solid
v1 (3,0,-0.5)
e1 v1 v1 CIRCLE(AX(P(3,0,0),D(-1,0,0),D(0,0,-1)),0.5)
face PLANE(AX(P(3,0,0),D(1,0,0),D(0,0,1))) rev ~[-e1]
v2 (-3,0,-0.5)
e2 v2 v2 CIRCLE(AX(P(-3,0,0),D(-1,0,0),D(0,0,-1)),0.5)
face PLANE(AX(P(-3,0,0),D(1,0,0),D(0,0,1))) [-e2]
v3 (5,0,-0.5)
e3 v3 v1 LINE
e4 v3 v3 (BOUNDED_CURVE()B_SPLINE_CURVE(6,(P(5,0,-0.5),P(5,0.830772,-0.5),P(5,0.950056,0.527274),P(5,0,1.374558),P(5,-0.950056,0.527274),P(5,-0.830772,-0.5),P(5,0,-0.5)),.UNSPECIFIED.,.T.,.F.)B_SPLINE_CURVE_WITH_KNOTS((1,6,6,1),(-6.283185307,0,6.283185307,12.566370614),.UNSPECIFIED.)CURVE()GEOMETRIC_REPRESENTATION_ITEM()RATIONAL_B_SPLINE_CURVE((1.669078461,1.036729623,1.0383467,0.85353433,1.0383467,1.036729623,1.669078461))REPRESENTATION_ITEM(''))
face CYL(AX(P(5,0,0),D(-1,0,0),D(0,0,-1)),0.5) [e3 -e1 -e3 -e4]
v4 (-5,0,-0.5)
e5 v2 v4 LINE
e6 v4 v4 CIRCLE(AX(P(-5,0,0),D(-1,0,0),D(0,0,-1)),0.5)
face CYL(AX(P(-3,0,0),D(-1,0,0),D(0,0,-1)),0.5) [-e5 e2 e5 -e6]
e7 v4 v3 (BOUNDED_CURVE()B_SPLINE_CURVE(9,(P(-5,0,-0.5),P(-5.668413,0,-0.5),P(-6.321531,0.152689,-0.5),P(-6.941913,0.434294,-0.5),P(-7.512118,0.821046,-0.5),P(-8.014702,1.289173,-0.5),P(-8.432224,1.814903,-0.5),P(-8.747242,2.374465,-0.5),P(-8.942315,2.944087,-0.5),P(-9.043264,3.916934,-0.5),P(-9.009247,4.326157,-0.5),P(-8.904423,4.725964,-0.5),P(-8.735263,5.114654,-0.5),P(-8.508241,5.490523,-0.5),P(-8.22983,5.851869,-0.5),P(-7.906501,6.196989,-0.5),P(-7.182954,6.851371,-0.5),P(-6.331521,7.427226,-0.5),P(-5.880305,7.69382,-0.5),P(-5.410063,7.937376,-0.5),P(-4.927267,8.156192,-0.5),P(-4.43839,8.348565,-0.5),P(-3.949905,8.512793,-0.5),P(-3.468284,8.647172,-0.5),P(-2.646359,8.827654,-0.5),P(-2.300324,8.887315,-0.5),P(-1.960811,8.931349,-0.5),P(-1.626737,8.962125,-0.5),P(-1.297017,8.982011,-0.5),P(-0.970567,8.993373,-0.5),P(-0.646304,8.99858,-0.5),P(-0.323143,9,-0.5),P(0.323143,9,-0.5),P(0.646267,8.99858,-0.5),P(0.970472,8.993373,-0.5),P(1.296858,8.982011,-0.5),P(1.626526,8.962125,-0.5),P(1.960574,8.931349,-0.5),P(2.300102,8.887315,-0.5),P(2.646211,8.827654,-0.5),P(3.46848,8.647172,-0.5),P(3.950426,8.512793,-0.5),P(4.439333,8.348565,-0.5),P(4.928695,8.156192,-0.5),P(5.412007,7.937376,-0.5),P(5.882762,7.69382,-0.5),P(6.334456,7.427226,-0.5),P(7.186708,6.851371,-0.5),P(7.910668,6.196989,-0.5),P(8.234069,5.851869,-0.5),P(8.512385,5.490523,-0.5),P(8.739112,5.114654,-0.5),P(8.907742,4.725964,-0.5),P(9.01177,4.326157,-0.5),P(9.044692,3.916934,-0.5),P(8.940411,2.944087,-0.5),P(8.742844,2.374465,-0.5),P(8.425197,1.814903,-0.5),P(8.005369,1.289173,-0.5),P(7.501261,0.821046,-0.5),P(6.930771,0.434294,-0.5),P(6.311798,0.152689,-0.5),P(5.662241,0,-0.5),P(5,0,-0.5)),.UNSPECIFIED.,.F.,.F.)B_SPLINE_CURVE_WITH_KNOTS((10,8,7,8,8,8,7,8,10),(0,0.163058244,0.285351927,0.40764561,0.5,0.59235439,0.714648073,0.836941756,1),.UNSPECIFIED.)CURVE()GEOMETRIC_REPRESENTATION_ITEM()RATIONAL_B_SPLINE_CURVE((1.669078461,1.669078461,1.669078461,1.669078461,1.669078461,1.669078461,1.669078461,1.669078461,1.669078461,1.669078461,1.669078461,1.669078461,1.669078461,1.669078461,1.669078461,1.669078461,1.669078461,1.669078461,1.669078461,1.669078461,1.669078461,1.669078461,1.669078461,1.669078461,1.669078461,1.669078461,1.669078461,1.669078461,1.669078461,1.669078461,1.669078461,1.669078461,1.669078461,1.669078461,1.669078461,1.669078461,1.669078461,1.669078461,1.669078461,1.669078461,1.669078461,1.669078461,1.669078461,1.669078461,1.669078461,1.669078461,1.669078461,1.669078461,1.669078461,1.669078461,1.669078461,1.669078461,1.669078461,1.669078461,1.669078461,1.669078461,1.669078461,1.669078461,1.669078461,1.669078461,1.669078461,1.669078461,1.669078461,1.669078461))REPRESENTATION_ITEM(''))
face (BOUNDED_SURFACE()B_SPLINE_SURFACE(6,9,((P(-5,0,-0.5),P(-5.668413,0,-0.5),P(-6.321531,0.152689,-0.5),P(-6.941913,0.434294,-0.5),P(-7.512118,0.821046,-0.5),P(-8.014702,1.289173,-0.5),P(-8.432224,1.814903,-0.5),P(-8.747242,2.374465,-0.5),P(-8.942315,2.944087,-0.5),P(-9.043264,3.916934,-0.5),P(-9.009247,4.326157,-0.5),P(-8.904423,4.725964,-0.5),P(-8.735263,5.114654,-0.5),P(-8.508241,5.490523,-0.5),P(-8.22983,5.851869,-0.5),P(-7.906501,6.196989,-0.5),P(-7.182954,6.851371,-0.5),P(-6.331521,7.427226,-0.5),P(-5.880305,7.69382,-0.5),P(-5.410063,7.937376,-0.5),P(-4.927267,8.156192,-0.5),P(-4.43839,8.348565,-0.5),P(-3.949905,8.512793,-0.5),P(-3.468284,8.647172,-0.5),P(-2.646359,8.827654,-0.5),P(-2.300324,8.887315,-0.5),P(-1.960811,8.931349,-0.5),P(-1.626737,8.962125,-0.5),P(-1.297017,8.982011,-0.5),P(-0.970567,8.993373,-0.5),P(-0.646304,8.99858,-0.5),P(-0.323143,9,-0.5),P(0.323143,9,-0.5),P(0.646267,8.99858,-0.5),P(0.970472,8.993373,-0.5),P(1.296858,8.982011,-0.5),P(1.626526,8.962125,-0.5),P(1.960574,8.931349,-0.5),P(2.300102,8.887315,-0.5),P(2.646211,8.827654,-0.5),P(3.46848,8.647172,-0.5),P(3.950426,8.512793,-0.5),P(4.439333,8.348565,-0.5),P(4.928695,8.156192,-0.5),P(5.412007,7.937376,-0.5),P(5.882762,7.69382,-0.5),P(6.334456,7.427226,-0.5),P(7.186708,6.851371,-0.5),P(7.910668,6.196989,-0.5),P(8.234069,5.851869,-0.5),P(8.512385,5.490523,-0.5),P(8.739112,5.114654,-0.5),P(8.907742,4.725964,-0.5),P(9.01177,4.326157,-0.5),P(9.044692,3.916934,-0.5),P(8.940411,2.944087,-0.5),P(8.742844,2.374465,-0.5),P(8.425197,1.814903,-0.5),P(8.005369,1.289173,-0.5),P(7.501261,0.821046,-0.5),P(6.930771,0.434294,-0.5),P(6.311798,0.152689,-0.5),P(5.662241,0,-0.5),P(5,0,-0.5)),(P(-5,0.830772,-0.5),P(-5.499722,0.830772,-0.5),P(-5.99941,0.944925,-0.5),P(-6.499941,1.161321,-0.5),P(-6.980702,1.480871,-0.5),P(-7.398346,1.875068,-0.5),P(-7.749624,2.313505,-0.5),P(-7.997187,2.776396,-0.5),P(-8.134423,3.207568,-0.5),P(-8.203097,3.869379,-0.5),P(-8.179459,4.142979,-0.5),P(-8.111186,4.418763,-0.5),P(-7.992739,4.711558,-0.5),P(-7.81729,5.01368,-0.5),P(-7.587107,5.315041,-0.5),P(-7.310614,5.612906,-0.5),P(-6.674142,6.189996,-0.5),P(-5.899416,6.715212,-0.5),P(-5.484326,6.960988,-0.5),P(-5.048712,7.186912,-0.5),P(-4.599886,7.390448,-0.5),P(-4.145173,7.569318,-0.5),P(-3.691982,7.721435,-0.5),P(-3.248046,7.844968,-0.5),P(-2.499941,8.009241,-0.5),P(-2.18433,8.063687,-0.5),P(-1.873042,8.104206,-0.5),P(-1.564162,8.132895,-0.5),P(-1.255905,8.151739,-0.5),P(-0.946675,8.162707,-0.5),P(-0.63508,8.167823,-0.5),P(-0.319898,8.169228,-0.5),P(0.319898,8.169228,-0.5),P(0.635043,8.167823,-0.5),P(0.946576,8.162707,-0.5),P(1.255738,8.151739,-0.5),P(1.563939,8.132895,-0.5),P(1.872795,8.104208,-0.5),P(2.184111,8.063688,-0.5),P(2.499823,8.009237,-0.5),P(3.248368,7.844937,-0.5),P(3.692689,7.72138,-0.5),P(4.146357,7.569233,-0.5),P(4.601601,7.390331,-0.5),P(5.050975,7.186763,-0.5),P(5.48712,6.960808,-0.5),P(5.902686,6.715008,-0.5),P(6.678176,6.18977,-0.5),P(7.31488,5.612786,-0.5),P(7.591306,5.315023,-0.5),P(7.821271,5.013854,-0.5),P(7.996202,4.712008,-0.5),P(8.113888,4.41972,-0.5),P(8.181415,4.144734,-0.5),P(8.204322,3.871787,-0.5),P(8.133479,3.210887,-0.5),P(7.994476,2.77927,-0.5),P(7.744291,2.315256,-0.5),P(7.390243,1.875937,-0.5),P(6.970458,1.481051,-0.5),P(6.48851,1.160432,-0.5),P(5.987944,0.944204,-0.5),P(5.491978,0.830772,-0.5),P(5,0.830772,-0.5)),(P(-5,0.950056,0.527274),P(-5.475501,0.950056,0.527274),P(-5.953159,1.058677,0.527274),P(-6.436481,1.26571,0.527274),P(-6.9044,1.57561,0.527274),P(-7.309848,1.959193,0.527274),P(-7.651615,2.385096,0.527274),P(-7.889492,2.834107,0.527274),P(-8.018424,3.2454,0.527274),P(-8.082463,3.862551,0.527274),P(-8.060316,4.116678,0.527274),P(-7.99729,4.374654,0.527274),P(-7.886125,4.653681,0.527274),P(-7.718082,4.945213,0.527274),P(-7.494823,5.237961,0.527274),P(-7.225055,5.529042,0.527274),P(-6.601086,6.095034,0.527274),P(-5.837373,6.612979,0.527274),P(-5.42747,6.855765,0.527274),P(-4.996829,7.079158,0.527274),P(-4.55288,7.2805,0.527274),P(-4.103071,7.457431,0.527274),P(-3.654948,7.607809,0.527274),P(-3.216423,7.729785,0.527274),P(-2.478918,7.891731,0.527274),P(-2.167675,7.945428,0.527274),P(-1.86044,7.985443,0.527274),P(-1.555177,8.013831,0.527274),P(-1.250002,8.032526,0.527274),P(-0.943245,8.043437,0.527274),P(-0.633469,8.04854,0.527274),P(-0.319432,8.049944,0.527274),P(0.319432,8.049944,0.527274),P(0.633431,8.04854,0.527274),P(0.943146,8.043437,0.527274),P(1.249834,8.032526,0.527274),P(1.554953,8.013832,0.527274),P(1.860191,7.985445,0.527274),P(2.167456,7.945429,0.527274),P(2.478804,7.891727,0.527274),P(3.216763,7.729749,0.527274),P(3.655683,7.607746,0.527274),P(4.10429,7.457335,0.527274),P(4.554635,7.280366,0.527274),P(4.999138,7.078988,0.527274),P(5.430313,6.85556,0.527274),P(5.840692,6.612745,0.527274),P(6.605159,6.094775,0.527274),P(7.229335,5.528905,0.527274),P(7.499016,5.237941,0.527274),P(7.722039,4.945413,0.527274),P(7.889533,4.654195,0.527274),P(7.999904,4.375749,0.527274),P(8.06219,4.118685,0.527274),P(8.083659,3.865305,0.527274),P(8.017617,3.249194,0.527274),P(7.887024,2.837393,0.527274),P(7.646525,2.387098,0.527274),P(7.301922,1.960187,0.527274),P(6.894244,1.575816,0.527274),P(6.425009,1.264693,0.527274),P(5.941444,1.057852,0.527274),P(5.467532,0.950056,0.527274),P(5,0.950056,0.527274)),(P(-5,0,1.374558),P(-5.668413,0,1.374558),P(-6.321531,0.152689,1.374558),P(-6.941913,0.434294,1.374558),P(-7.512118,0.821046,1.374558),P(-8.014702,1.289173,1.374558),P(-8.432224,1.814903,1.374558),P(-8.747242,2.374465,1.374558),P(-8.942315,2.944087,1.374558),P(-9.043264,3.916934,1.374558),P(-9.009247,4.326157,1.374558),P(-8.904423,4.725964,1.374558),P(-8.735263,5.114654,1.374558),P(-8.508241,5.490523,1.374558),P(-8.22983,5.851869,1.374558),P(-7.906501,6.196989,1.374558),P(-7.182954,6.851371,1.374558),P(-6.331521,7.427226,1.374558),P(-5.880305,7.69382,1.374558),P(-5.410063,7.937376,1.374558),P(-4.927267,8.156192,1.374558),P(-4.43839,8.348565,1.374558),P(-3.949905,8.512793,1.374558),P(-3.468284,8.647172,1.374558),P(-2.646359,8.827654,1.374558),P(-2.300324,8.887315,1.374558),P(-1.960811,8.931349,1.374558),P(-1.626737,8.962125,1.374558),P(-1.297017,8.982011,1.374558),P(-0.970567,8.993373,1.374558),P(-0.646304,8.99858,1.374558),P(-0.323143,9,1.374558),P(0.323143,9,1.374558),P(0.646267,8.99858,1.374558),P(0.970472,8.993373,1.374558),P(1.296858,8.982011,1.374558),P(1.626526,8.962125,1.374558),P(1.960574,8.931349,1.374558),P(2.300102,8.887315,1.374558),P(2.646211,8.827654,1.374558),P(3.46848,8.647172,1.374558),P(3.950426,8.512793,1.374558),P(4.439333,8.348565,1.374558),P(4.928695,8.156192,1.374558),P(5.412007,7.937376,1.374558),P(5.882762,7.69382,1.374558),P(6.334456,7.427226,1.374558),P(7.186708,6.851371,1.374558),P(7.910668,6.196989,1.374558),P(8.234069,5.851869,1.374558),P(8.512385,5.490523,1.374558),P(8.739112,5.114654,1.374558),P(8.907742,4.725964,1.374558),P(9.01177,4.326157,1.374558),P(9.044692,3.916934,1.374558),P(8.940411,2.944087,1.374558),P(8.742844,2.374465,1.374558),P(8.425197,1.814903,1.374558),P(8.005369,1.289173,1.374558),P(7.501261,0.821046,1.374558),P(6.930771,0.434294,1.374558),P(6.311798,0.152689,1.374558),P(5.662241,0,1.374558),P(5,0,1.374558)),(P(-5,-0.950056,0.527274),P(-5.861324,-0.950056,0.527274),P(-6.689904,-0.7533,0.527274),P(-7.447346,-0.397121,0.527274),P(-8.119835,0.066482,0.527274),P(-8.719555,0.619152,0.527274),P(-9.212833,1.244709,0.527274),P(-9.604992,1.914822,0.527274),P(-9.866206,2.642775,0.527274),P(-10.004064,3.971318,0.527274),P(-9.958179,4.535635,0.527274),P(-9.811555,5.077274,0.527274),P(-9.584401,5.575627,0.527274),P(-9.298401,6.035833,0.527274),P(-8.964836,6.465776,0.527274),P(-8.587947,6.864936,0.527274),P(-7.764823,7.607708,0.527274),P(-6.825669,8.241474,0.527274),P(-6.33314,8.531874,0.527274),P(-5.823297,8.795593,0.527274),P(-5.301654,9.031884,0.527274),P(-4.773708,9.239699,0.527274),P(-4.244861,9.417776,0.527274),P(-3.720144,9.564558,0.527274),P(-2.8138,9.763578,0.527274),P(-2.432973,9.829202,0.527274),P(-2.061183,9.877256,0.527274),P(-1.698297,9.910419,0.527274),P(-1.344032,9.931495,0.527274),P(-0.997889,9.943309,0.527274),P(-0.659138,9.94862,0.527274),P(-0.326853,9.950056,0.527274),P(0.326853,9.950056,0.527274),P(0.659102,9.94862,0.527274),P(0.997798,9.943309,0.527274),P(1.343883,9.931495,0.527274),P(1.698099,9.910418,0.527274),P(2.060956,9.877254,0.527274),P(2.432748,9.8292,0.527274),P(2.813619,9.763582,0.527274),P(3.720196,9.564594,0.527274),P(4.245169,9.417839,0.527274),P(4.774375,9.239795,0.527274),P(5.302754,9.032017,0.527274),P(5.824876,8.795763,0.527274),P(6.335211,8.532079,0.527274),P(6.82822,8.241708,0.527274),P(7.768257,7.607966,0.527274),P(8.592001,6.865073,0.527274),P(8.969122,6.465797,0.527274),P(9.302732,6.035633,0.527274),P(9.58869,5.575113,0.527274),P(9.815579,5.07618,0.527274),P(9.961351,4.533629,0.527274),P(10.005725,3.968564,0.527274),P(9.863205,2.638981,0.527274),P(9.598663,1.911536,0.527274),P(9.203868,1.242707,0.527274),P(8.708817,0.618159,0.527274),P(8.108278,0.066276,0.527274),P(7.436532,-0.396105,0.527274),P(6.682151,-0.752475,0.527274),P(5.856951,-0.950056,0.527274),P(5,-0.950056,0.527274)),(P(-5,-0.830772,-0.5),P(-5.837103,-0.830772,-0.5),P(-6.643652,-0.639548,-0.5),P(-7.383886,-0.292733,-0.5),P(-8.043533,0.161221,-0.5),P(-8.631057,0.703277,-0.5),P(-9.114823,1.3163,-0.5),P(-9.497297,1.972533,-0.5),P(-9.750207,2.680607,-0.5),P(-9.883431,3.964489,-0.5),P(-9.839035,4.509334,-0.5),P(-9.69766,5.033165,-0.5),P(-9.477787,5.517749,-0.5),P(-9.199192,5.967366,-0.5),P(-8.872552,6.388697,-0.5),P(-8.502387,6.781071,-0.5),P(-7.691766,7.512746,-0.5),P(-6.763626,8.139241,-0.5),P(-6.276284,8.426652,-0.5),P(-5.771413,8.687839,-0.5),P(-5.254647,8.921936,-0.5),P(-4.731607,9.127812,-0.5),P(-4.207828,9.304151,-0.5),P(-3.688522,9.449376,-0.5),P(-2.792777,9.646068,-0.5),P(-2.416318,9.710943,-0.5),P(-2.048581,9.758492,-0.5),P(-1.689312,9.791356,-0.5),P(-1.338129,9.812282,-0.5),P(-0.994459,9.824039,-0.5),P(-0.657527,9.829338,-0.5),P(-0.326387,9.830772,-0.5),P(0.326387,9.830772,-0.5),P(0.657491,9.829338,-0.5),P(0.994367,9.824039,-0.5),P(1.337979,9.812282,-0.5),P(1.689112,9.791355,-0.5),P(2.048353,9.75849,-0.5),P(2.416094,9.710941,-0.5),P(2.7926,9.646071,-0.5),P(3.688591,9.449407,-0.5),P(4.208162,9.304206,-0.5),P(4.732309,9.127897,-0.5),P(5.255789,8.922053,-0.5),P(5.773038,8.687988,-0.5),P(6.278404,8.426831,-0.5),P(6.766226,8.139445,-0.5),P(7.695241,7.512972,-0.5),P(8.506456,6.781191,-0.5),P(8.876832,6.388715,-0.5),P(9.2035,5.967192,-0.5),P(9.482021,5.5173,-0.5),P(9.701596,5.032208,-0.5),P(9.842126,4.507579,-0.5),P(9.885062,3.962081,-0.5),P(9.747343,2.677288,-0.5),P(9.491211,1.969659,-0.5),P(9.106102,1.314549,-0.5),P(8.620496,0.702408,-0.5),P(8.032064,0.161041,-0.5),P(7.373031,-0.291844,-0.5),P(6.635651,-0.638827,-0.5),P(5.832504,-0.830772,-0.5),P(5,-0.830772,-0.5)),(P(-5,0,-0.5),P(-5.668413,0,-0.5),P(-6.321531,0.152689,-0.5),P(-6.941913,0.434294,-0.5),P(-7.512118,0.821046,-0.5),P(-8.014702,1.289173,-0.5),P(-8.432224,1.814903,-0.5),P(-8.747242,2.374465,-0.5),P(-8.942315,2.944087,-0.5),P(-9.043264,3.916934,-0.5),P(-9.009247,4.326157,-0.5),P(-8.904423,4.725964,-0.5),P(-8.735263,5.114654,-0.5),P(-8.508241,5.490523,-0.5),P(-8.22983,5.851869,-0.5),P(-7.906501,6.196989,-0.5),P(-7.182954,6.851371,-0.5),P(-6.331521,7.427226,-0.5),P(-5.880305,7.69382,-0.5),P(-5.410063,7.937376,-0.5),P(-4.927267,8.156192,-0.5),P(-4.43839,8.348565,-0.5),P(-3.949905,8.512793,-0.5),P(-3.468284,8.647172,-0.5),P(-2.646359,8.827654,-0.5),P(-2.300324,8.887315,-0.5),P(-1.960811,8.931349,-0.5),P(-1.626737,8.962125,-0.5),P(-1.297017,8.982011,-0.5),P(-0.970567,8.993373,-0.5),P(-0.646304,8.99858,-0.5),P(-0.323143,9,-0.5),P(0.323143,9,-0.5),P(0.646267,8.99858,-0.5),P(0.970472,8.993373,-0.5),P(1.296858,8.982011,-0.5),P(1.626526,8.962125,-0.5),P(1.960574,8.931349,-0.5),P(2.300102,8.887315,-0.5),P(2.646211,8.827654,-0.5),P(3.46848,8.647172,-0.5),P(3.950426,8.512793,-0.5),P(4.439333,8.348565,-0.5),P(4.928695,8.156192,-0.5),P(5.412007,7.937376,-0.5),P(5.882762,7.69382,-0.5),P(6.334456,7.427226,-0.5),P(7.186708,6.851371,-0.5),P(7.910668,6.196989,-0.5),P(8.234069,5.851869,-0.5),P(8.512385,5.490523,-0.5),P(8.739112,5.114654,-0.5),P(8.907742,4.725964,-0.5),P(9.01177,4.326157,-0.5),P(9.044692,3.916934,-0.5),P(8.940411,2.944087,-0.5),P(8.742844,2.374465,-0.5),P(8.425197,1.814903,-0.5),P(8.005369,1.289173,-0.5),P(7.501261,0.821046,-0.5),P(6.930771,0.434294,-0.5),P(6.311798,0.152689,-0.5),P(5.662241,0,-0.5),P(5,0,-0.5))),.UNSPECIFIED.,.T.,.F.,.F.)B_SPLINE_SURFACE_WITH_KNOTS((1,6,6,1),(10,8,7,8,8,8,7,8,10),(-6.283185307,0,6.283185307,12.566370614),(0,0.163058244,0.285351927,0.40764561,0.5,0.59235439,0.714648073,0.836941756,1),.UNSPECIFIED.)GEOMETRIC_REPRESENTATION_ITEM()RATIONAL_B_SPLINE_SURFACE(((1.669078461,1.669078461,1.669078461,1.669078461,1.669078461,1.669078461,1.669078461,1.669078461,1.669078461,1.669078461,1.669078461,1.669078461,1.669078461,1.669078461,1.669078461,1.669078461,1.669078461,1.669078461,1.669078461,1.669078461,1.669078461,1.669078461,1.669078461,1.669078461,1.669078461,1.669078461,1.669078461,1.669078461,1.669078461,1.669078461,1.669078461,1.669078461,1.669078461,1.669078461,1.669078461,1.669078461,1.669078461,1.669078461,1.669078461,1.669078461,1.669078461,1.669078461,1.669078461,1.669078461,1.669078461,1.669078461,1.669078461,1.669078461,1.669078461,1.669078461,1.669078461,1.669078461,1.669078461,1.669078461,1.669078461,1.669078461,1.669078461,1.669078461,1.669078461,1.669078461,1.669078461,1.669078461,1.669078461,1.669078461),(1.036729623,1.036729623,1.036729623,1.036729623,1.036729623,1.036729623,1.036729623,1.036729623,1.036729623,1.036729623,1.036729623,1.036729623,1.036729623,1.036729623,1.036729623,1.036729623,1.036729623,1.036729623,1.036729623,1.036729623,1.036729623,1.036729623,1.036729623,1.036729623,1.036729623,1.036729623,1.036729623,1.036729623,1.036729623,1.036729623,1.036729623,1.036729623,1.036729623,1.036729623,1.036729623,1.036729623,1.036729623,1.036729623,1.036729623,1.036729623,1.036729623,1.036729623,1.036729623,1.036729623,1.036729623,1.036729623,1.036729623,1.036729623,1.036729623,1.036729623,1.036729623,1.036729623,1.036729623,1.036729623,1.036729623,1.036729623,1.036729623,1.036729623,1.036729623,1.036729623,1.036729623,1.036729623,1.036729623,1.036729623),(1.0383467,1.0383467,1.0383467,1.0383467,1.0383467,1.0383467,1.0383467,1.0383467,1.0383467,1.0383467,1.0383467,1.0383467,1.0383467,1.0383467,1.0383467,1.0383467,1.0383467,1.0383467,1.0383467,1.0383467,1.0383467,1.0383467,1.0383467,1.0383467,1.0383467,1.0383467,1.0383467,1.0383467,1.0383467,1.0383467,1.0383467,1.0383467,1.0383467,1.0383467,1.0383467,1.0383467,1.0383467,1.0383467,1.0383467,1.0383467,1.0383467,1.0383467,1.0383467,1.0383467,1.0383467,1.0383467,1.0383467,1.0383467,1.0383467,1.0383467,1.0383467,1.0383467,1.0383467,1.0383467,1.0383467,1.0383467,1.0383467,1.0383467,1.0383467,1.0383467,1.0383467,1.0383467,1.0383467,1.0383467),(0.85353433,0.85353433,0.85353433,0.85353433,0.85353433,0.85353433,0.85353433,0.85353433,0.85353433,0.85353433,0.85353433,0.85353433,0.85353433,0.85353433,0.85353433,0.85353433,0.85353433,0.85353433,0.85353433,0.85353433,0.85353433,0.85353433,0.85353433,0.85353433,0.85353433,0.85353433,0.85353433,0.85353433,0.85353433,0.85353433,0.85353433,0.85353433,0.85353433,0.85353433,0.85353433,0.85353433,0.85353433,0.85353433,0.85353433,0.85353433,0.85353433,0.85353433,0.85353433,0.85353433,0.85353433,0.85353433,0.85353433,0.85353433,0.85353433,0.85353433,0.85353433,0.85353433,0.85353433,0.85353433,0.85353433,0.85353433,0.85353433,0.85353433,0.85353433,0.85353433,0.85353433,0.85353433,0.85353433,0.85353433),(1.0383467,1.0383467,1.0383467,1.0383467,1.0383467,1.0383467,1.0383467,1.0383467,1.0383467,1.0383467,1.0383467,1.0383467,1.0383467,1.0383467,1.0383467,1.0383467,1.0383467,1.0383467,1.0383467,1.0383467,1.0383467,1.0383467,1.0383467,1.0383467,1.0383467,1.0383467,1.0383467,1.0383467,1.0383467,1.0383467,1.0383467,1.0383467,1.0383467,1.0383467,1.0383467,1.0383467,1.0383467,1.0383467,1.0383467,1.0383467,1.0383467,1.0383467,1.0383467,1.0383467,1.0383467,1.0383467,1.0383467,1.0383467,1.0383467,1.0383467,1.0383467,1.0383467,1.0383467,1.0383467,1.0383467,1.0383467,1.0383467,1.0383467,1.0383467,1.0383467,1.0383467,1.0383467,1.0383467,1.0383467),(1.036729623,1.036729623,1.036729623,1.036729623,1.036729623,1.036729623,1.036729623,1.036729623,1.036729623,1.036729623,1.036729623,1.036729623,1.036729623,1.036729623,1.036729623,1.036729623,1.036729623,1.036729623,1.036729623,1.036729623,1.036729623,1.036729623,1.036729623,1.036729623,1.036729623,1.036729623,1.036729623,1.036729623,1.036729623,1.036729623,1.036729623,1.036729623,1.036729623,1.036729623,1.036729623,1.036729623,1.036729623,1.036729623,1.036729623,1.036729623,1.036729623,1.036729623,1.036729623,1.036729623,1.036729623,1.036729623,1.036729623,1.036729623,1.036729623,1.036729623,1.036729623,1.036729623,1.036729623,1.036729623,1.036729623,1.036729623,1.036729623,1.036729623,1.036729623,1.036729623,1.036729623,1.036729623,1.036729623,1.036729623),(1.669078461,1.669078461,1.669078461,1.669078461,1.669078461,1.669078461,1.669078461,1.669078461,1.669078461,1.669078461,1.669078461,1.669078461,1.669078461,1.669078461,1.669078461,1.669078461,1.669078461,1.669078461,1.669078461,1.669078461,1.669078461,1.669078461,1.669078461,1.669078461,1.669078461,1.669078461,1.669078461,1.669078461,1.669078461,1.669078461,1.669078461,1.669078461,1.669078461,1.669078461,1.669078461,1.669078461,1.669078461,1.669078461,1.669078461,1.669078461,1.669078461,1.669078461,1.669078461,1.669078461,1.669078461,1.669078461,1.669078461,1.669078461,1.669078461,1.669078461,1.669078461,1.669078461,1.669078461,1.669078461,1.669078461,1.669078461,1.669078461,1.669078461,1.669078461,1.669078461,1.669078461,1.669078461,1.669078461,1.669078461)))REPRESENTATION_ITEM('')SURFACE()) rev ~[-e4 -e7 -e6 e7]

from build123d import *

# Parameters (mm, degrees)
CROQUIS2_R = 0.5


with BuildPart() as part:
    # Barrer1: sweep along a path in Croquis1
    with BuildLine(Plane.XY) as barrer1_path:
        Line((-3, 0), (-5, 0))
        add(Edge.make_bspline(
            [(-5, 0), (-7.005238436, 0), (-11.559503465, 4.580656152), (-4.507053739, 8.937842035), (0.000221656, 9.01703725), (4.505436377, 8.937842035), (11.5729986, 4.580656152), (6.986723122, 0), (5, 0)],
            knots=[0, 0, 0, 0, 0.163058244, 0.40764561, 0.5, 0.59235439, 0.836941756, 1, 1, 1, 1], degree=3))
        Line((5, 0), (3, 0))
    # Croquis2 → Barrer1 (sweep)
    with BuildSketch(Plane(origin=(3, 0, 0), x_dir=(0, 0, -1), z_dir=(1, 0, 0))):
        Circle(CROQUIS2_R)
    sweep(path=barrer1_path.line)


solid = part.part
